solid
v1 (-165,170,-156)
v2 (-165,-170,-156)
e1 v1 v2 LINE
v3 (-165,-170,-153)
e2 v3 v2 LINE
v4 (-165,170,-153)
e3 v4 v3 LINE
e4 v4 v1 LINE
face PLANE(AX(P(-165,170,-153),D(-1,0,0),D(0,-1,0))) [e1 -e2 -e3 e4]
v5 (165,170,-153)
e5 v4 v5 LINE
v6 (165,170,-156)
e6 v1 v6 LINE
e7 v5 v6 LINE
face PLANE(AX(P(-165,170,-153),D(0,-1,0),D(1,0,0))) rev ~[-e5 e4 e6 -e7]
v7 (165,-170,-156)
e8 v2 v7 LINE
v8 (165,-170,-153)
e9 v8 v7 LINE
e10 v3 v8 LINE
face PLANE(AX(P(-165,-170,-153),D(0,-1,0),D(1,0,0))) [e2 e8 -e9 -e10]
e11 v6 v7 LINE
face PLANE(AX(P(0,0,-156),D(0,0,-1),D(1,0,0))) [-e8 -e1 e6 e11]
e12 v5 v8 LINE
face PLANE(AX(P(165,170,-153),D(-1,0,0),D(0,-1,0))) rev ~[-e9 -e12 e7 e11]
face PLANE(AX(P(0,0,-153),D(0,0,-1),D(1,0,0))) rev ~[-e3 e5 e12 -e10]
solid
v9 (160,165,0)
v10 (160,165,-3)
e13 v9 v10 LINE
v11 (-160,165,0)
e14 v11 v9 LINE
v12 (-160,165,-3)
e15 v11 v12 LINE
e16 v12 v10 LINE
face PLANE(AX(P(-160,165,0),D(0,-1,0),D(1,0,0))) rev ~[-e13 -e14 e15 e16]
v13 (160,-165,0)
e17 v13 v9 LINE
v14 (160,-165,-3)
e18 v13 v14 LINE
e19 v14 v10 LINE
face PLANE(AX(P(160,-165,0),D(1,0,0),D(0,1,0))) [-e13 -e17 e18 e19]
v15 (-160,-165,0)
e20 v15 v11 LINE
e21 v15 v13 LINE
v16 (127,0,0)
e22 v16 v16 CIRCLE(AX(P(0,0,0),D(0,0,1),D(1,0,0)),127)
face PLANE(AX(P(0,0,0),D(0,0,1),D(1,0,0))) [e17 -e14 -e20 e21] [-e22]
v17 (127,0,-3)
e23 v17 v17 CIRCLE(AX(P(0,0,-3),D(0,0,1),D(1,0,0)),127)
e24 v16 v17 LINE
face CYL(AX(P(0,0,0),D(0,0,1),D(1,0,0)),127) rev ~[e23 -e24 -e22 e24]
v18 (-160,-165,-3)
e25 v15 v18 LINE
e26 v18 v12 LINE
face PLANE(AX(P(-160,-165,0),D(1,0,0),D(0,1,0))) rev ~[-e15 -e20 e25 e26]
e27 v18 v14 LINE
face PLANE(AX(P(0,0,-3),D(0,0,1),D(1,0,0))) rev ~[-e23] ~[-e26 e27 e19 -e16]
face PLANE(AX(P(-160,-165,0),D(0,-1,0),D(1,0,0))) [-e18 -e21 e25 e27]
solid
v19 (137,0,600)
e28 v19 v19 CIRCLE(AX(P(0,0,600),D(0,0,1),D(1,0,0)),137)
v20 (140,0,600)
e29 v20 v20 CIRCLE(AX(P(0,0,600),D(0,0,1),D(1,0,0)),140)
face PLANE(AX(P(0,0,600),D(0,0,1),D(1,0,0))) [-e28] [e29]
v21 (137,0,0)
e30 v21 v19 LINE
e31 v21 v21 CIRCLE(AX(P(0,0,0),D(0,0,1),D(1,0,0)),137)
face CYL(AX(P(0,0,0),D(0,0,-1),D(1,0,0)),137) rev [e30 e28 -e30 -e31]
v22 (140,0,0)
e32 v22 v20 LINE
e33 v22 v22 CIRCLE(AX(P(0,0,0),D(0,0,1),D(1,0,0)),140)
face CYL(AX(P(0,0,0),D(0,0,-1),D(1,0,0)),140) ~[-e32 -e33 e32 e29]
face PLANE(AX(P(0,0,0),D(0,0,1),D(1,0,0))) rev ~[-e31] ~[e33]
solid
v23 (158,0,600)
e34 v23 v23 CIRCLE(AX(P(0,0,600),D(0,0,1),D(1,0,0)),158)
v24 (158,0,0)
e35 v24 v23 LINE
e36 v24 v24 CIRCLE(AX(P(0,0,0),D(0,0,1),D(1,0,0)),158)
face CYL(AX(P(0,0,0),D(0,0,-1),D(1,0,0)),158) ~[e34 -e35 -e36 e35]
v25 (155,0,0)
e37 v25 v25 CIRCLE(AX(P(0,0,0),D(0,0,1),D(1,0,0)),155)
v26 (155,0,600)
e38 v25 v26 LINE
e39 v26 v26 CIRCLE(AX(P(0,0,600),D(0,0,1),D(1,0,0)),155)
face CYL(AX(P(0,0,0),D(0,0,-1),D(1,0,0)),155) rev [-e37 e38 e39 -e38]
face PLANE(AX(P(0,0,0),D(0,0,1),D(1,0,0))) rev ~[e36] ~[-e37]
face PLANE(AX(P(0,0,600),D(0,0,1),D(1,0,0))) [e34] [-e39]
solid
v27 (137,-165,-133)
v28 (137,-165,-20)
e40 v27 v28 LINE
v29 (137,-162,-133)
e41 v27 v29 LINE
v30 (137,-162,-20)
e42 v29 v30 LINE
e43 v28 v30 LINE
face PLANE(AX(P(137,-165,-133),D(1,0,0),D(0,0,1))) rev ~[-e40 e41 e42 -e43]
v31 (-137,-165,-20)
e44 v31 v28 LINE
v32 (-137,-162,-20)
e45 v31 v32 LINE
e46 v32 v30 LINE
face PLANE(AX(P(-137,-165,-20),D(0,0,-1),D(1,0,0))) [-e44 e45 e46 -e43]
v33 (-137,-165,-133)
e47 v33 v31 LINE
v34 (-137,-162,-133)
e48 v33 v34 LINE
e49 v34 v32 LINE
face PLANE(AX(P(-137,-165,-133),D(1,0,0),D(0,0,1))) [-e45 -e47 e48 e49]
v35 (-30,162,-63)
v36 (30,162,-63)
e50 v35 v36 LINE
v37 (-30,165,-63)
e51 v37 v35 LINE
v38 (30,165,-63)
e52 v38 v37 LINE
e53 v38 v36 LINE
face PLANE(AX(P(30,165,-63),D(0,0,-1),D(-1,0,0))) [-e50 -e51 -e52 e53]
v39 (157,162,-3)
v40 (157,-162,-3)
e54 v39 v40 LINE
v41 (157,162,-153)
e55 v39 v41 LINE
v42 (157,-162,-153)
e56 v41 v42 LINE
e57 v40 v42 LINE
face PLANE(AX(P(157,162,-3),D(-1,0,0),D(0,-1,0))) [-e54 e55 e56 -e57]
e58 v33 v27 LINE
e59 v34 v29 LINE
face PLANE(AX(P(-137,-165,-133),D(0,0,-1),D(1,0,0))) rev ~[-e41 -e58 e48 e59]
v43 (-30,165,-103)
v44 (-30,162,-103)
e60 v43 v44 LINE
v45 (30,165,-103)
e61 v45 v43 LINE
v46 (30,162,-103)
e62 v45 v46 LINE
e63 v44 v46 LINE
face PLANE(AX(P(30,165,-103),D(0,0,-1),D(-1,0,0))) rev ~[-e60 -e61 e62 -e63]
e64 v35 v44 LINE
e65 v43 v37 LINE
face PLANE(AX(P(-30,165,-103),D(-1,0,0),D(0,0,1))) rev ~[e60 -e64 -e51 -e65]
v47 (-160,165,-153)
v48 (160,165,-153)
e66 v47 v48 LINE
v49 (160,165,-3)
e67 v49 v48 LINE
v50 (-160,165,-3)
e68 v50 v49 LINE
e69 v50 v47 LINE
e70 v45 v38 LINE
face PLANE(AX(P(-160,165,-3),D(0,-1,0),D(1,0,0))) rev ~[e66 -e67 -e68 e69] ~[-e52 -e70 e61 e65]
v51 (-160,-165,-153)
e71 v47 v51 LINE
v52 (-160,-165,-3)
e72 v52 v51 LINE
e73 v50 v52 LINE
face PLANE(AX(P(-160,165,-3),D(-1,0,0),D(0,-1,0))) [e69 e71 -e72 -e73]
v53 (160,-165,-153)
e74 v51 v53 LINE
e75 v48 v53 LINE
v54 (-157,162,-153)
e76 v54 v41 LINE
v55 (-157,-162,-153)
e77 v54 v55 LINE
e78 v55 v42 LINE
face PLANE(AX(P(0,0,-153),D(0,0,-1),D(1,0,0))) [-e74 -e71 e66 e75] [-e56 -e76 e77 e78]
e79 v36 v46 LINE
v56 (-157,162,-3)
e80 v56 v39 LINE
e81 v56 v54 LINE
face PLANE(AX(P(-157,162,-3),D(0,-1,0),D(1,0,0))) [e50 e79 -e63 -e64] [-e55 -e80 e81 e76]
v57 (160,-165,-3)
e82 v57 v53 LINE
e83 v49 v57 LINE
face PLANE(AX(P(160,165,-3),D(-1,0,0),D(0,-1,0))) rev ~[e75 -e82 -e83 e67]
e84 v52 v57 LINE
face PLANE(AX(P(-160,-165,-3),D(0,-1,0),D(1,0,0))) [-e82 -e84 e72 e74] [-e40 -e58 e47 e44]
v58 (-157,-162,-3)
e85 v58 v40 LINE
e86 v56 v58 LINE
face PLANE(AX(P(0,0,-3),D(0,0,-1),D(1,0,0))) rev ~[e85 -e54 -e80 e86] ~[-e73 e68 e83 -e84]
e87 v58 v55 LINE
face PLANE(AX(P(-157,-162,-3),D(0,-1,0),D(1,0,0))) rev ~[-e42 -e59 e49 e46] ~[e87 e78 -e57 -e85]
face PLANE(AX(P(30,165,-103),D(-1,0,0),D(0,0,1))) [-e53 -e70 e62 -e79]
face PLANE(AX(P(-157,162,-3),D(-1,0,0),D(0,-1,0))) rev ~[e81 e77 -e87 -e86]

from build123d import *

# Parameters (mm, degrees)
F0_R      = 140
F0_R_2    = 137
F1_DEPTH  = 600
F2_W      = 320
F2_H      = 330
F2_R      = 127
F3_DEPTH  = 3
F0_R_3    = 158
F0_R_4    = 155
F4_DEPTH  = 600
F5_W      = 320
F5_H      = 330
F5_W_2    = 314
F5_H_2    = 324
F6_DEPTH  = 150
F7_W      = 330
F7_H      = 340
F8_DEPTH  = 3
F9_W      = 274
F9_H      = 113
F10_DEPTH = 25
F11_W     = 60
F11_H     = 40
F12_DEPTH = 4


with BuildPart() as f1:
    # F0 (on Top) → F1 (new body)
    with BuildSketch(Plane.XY):
        Circle(F0_R)
        Circle(F0_R_2, mode=Mode.SUBTRACT)
    extrude(amount=F1_DEPTH)


with BuildPart() as f3:
    # F2 (on Top) → F3 (new body)
    with BuildSketch(Plane.XY):
        Rectangle(F2_W, F2_H)
        Circle(F2_R, mode=Mode.SUBTRACT)
    extrude(amount=-F3_DEPTH)


with BuildPart() as f4:
    # F0 (on Top) → F4 (new body)
    with BuildSketch(Plane.XY):
        Circle(F0_R_3)
        Circle(F0_R_4, mode=Mode.SUBTRACT)
    extrude(amount=F4_DEPTH)


with BuildPart() as f6:
    # F5 (on face) → F6 (new body)
    with BuildSketch(Plane(origin=(0, 0, -3), x_dir=(1, 0, 0), z_dir=(0, 0, -1))):
        Rectangle(F5_W, F5_H)
        Rectangle(F5_W_2, F5_H_2, mode=Mode.SUBTRACT)
    extrude(amount=F6_DEPTH)

    # F9 (on face) → F10 (cut)
    with BuildSketch(Plane.XZ.offset(165)):
        with Locations((0, -76.5)):
            Rectangle(F9_W, F9_H)
    extrude(amount=-F10_DEPTH, mode=Mode.SUBTRACT)

    # F11 (on face) → F12 (cut)
    with BuildSketch(Plane(origin=(0, 165, 0), x_dir=(-1, 0, 0), z_dir=(0, 1, 0))):
        with Locations((0, -83)):
            Rectangle(F11_W, F11_H)
    extrude(amount=-F12_DEPTH, mode=Mode.SUBTRACT)


with BuildPart() as f8:
    # F7 (on face) → F8 (new body)
    with BuildSketch(Plane(origin=(0, 0, -153), x_dir=(1, 0, 0), z_dir=(0, 0, -1))):
        Rectangle(F7_W, F7_H)
    extrude(amount=F8_DEPTH)


solid = Compound([f1.part, f3.part, f4.part, f6.part, f8.part])
